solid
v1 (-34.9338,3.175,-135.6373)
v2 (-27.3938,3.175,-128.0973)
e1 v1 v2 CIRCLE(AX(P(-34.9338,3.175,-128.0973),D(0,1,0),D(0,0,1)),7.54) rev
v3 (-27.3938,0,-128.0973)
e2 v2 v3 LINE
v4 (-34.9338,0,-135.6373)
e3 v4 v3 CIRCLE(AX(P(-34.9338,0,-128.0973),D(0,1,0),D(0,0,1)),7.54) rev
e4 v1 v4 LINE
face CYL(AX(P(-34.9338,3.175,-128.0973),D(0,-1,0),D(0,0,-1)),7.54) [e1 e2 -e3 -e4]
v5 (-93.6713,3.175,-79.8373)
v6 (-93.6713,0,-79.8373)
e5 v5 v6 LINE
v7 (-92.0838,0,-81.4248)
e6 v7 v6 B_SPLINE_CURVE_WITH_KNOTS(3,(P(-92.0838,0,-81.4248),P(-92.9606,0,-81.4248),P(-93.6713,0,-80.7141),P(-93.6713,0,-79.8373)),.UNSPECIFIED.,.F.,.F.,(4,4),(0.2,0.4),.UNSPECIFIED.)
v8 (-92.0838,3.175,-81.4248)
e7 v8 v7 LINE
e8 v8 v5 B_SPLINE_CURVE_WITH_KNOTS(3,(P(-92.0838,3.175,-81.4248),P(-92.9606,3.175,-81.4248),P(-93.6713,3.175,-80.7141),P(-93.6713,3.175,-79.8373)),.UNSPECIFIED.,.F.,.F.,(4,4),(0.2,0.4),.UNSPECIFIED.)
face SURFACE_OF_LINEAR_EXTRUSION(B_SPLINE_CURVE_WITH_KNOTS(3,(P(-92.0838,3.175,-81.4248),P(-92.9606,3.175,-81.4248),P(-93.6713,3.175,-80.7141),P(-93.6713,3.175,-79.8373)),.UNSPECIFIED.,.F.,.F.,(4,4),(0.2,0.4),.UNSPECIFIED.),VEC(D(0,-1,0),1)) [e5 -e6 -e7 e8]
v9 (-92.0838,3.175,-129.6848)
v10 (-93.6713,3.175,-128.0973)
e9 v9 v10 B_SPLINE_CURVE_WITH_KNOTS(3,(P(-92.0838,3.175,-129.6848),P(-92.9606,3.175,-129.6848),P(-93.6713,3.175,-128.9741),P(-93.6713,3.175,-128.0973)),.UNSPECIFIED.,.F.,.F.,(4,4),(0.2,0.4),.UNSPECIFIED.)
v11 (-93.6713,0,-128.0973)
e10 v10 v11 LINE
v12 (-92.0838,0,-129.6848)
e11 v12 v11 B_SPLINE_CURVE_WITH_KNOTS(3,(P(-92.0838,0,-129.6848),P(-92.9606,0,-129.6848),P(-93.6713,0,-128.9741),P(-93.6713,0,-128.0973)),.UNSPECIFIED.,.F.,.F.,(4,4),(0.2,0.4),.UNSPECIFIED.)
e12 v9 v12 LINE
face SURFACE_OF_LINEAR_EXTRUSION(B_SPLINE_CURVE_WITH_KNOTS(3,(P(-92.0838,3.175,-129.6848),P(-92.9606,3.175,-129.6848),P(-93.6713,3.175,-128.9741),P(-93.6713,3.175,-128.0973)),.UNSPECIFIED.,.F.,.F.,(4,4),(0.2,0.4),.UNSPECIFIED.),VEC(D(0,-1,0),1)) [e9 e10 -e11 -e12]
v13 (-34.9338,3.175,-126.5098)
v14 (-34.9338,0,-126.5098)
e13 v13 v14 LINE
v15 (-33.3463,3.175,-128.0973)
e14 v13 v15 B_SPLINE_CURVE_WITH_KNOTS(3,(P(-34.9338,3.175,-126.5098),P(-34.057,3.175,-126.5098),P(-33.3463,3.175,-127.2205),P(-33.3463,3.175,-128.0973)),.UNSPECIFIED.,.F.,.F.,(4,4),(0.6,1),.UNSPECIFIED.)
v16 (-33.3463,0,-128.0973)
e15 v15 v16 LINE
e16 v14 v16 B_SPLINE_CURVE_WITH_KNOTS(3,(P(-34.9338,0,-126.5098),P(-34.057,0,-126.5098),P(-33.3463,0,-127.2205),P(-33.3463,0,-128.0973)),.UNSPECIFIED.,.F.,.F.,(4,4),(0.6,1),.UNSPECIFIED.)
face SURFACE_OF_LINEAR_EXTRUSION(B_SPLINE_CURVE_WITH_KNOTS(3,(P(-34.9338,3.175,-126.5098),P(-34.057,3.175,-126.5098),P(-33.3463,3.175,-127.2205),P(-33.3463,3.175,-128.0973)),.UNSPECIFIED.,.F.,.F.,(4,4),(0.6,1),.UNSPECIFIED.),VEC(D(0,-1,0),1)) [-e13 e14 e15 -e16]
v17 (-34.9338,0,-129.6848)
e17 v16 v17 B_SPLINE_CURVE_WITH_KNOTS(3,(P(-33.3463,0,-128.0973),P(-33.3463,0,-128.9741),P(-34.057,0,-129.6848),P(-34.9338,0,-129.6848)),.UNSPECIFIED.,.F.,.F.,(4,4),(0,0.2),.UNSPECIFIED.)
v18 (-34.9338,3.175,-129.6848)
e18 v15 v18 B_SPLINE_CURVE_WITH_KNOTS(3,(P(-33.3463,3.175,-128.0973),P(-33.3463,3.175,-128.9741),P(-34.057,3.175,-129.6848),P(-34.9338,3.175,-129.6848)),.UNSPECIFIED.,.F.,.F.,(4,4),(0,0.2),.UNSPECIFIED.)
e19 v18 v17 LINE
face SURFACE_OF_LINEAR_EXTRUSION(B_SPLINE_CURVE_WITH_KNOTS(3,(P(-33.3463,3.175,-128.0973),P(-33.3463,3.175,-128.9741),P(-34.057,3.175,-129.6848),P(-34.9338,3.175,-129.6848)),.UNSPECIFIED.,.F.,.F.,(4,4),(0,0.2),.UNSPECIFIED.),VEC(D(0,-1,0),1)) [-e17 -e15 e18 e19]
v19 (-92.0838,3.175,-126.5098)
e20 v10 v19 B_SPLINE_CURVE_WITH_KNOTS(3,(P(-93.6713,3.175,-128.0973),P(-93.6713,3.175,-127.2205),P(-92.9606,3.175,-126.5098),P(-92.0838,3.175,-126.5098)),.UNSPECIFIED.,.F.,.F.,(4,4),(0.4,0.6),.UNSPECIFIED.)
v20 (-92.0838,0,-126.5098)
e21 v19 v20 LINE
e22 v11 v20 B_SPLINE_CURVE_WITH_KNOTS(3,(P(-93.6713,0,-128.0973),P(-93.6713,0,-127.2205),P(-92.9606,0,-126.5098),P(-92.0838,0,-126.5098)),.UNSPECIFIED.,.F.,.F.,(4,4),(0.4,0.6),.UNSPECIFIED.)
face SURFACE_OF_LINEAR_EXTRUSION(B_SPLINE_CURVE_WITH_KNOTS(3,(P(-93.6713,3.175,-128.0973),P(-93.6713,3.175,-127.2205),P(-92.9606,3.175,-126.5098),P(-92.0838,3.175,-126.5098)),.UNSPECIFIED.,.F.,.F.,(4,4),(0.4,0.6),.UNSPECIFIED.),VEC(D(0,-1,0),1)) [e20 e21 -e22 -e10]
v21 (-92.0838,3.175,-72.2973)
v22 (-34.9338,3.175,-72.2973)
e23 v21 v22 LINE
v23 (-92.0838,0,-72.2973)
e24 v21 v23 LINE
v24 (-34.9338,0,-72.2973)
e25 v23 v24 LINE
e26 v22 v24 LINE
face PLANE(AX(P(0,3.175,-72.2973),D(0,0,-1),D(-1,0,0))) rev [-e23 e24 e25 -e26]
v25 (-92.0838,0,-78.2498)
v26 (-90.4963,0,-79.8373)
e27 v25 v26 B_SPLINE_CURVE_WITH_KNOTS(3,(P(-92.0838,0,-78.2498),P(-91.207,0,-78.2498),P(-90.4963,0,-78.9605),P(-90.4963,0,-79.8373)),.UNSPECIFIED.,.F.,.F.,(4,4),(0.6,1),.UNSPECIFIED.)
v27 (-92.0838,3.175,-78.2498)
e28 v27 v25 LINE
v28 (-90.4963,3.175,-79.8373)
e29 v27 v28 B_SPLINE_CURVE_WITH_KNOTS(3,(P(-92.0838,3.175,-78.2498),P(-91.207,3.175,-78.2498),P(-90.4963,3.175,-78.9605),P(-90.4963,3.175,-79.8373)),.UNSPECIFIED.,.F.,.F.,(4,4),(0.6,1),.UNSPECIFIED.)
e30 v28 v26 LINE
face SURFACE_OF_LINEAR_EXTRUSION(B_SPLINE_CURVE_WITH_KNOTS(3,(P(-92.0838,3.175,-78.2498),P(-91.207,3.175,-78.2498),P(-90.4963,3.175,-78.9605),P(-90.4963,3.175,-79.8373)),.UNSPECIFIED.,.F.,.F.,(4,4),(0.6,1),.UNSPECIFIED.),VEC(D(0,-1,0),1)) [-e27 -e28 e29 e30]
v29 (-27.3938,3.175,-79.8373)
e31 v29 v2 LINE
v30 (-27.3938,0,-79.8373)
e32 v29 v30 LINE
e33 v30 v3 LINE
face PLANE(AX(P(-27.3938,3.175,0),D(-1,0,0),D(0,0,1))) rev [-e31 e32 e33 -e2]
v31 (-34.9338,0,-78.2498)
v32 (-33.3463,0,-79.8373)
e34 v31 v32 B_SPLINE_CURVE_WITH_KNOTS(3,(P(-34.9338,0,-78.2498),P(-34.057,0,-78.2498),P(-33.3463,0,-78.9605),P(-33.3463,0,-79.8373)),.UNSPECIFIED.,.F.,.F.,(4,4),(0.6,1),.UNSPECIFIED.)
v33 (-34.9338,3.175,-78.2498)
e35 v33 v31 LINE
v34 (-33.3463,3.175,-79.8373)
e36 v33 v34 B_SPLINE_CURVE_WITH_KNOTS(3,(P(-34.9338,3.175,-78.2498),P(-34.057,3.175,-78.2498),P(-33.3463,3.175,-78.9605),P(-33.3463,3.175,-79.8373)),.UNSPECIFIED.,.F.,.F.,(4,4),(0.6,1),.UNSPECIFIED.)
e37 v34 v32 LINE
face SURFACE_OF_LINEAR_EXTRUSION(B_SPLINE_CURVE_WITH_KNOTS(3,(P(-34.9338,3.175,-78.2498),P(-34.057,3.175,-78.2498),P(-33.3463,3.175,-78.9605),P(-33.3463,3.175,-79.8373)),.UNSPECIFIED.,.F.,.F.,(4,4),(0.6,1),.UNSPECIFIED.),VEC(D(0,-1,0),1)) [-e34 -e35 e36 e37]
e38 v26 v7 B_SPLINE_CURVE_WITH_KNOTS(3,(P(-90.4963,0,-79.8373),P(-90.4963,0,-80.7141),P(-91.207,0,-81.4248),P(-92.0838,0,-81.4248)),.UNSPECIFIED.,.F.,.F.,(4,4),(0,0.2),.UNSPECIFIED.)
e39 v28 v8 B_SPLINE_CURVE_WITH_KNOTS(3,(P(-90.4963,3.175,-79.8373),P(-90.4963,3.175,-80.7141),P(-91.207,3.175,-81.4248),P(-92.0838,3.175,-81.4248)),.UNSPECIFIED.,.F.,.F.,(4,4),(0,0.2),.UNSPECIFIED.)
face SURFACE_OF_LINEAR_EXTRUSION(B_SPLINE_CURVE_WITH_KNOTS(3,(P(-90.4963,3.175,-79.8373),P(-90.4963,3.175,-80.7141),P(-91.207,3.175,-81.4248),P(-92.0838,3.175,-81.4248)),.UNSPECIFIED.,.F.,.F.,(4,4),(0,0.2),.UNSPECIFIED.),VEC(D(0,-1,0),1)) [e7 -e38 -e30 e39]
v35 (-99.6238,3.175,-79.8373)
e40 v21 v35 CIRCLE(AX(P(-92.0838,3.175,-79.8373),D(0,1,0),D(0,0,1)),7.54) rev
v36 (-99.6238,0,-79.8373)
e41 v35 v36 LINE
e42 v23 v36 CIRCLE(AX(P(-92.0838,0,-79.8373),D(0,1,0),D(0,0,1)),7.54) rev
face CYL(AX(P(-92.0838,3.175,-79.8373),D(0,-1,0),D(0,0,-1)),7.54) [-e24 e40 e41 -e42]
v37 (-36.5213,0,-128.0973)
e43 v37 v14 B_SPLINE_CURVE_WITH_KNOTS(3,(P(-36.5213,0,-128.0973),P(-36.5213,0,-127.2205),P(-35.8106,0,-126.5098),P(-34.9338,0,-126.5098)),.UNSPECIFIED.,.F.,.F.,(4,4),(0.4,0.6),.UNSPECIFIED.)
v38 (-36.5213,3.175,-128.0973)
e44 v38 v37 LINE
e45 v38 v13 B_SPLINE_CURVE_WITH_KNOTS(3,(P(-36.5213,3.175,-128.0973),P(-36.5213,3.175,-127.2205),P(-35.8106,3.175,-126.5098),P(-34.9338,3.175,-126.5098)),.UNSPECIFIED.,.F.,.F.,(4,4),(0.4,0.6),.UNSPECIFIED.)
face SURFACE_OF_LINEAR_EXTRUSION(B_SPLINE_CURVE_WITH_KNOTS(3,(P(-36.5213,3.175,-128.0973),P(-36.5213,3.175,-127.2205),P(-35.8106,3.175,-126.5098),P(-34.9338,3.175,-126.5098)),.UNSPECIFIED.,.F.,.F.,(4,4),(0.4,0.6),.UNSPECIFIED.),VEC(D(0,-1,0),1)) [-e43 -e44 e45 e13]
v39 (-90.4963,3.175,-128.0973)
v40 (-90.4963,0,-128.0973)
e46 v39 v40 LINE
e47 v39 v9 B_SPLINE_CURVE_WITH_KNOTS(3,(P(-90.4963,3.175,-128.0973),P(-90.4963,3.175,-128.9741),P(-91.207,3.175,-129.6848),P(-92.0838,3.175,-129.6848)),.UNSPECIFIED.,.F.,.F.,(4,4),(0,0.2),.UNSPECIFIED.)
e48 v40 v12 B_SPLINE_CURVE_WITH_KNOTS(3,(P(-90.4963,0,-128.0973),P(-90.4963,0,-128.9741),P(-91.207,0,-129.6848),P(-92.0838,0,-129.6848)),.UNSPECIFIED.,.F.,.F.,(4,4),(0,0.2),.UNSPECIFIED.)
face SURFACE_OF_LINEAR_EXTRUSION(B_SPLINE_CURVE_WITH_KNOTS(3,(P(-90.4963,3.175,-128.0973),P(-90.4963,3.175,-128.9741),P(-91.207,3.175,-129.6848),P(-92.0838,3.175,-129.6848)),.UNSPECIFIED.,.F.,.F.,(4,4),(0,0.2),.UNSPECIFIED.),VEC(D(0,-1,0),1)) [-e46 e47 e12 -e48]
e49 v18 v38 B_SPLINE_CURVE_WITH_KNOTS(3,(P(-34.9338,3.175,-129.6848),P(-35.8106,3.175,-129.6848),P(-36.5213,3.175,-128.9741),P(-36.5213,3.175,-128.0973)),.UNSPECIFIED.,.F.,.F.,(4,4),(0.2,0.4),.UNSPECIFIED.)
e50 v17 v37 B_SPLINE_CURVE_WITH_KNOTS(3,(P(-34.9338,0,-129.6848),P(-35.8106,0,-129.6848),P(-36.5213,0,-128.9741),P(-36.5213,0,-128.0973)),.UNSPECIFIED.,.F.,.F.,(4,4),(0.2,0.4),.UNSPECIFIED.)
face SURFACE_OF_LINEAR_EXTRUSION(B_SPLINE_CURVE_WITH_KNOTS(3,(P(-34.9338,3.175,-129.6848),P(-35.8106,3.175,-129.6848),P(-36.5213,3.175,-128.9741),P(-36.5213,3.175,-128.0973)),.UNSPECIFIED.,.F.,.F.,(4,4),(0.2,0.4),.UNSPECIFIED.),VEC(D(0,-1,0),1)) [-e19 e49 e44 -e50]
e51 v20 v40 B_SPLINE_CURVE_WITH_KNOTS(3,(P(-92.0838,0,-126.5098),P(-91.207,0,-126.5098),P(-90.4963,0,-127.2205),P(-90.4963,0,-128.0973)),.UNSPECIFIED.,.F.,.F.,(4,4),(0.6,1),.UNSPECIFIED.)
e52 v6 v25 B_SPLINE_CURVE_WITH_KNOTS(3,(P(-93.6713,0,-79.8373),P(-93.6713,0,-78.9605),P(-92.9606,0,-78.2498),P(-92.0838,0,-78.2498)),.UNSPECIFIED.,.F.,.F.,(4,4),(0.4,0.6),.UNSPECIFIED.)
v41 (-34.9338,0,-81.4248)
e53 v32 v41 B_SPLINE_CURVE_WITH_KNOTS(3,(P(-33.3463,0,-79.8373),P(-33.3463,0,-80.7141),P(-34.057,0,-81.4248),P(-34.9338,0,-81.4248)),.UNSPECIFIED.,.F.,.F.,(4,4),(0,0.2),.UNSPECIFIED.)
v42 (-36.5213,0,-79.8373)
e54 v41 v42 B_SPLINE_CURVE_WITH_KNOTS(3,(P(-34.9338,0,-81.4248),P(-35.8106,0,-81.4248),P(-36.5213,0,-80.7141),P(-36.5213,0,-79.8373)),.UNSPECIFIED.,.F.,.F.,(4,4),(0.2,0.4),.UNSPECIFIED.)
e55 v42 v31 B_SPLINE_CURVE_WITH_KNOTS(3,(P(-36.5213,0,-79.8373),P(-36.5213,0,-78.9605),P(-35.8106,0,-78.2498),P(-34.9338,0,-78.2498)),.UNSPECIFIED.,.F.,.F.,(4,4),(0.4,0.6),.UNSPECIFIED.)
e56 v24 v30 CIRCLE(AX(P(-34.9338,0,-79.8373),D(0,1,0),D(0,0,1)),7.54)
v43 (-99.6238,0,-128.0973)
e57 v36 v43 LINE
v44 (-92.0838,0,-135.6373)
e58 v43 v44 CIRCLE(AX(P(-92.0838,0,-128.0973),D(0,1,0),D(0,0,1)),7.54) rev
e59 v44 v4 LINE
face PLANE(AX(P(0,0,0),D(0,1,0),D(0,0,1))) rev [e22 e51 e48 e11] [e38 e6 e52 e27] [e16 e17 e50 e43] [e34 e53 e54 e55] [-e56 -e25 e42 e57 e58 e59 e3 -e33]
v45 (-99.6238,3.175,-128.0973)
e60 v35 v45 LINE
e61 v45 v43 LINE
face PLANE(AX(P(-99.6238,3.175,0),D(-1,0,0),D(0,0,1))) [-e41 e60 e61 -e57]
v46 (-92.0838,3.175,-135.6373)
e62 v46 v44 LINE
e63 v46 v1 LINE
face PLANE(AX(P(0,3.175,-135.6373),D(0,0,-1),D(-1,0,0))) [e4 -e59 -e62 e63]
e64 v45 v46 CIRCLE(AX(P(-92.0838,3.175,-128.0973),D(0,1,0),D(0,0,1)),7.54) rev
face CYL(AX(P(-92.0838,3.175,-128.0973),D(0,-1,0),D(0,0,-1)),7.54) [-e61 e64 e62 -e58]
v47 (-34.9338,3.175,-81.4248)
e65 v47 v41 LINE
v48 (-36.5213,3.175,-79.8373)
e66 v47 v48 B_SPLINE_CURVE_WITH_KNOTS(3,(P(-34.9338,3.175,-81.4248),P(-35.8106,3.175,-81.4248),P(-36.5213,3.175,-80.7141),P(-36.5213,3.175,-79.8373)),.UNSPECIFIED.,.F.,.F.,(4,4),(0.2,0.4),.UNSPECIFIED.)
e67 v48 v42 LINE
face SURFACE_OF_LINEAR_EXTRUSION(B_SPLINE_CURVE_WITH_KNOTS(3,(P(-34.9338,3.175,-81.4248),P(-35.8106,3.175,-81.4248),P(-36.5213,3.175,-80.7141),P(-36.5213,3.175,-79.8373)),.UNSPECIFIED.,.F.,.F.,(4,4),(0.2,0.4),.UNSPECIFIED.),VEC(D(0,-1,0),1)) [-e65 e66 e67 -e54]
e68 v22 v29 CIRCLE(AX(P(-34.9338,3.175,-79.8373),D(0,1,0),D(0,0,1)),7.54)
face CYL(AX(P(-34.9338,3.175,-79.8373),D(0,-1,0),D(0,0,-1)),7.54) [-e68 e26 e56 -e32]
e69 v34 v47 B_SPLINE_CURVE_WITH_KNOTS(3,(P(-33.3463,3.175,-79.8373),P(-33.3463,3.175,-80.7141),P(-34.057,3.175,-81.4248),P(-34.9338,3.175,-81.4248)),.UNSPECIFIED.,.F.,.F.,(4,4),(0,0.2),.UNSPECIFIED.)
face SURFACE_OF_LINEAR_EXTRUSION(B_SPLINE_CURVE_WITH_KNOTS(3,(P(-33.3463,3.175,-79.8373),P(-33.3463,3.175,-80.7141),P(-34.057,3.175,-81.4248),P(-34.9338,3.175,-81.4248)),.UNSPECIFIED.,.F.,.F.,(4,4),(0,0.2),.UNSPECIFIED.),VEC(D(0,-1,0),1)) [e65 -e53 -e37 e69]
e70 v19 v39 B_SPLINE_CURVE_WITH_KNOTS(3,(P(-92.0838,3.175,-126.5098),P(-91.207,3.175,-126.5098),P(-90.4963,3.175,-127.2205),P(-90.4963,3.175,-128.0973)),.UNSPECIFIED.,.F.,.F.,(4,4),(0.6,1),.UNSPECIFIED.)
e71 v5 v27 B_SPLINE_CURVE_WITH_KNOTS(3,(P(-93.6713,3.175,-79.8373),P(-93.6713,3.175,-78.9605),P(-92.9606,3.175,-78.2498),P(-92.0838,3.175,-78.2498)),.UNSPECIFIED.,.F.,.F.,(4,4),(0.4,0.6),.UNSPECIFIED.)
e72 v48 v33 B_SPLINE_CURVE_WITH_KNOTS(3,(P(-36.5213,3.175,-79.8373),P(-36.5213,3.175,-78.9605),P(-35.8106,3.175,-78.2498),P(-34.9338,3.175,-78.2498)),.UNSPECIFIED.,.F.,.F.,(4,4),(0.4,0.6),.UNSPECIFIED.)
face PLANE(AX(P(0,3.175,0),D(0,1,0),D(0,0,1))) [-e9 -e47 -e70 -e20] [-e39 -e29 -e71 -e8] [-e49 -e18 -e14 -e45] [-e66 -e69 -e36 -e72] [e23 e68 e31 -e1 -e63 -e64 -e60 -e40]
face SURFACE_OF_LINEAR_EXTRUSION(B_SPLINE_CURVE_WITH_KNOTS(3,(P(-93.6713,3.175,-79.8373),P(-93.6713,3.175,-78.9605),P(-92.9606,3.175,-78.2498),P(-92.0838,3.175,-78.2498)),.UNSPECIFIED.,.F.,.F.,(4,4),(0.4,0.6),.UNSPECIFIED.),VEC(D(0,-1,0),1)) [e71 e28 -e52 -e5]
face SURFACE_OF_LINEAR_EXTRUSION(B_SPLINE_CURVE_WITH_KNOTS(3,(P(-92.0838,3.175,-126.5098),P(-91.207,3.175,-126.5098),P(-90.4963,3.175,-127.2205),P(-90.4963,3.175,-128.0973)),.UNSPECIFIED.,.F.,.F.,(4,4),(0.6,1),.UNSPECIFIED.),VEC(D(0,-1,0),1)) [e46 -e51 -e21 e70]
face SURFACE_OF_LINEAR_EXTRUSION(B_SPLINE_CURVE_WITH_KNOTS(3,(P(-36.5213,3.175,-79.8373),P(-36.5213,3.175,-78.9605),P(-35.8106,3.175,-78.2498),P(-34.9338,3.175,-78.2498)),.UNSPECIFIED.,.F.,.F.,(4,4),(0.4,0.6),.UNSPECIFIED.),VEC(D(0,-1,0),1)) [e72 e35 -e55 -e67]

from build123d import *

# Parameters (mm, degrees)
BOSS_EXTRUDE1_DEPTH = 3.175


with BuildPart() as part:
    # Sketch1 → Boss-Extrude1 (new body)
    with BuildSketch(Plane(origin=(0, 0, 0), x_dir=(1, 0, 0), z_dir=(0, 1, 0))):
        with BuildLine():
            Line((-92.0838, 72.2973), (-34.9338, 72.2973))
            ThreePointArc((-34.9338, 72.2973), (-29.60221487, 74.50571487), (-27.3938, 79.8373))
            Line((-27.3938, 79.8373), (-27.3938, 128.0973))
            ThreePointArc((-27.3938, 128.0973), (-29.60221487, 133.42888513), (-34.9338, 135.6373))
            Line((-34.9338, 135.6373), (-92.0838, 135.6373))
            ThreePointArc((-92.0838, 135.6373), (-97.41538513, 133.42888513), (-99.6238, 128.0973))
            Line((-99.6238, 128.0973), (-99.6238, 79.8373))
            ThreePointArc((-99.6238, 79.8373), (-97.41538513, 74.50571487), (-92.0838, 72.2973))
        make_face()
        with BuildLine():
            add(Edge.make_bspline(
                [(-33.3463, 79.8373), (-33.3463, 80.7141), (-34.057, 81.4248), (-34.9338, 81.4248)],
                knots=[0, 0, 0, 0, 0.2, 0.2, 0.2, 0.2], degree=3))
            add(Edge.make_bspline(
                [(-34.9338, 81.4248), (-35.8106, 81.4248), (-36.5213, 80.7141), (-36.5213, 79.8373)],
                knots=[0.2, 0.2, 0.2, 0.2, 0.4, 0.4, 0.4, 0.4], degree=3))
            add(Edge.make_bspline(
                [(-36.5213, 79.8373), (-36.5213, 78.9605), (-35.8106, 78.2498), (-34.9338, 78.2498)],
                knots=[0.4, 0.4, 0.4, 0.4, 0.6, 0.6, 0.6, 0.6], degree=3))
            add(Edge.make_bspline(
                [(-34.9338, 78.2498), (-34.057, 78.2498), (-33.3463, 78.9605), (-33.3463, 79.8373)],
                knots=[0.6, 0.6, 0.6, 0.6, 1, 1, 1, 1], degree=3))
        make_face(mode=Mode.SUBTRACT)
        with BuildLine():
            add(Edge.make_bspline(
                [(-33.3463, 128.0973), (-33.3463, 128.9741), (-34.057, 129.6848), (-34.9338, 129.6848)],
                knots=[0, 0, 0, 0, 0.2, 0.2, 0.2, 0.2], degree=3))
            add(Edge.make_bspline(
                [(-34.9338, 129.6848), (-35.8106, 129.6848), (-36.5213, 128.9741), (-36.5213, 128.0973)],
                knots=[0.2, 0.2, 0.2, 0.2, 0.4, 0.4, 0.4, 0.4], degree=3))
            add(Edge.make_bspline(
                [(-36.5213, 128.0973), (-36.5213, 127.2205), (-35.8106, 126.5098), (-34.9338, 126.5098)],
                knots=[0.4, 0.4, 0.4, 0.4, 0.6, 0.6, 0.6, 0.6], degree=3))
            add(Edge.make_bspline(
                [(-34.9338, 126.5098), (-34.057, 126.5098), (-33.3463, 127.2205), (-33.3463, 128.0973)],
                knots=[0.6, 0.6, 0.6, 0.6, 1, 1, 1, 1], degree=3))
        make_face(mode=Mode.SUBTRACT)
        with BuildLine():
            add(Edge.make_bspline(
                [(-90.4963, 128.0973), (-90.4963, 128.9741), (-91.207, 129.6848), (-92.0838, 129.6848)],
                knots=[0, 0, 0, 0, 0.2, 0.2, 0.2, 0.2], degree=3))
            add(Edge.make_bspline(
                [(-92.0838, 129.6848), (-92.9606, 129.6848), (-93.6713, 128.9741), (-93.6713, 128.0973)],
                knots=[0.2, 0.2, 0.2, 0.2, 0.4, 0.4, 0.4, 0.4], degree=3))
            add(Edge.make_bspline(
                [(-93.6713, 128.0973), (-93.6713, 127.2205), (-92.9606, 126.5098), (-92.0838, 126.5098)],
                knots=[0.4, 0.4, 0.4, 0.4, 0.6, 0.6, 0.6, 0.6], degree=3))
            add(Edge.make_bspline(
                [(-92.0838, 126.5098), (-91.207, 126.5098), (-90.4963, 127.2205), (-90.4963, 128.0973)],
                knots=[0.6, 0.6, 0.6, 0.6, 1, 1, 1, 1], degree=3))
        make_face(mode=Mode.SUBTRACT)
        with BuildLine():
            add(Edge.make_bspline(
                [(-90.4963, 79.8373), (-90.4963, 80.7141), (-91.207, 81.4248), (-92.0838, 81.4248)],
                knots=[0, 0, 0, 0, 0.2, 0.2, 0.2, 0.2], degree=3))
            add(Edge.make_bspline(
                [(-92.0838, 81.4248), (-92.9606, 81.4248), (-93.6713, 80.7141), (-93.6713, 79.8373)],
                knots=[0.2, 0.2, 0.2, 0.2, 0.4, 0.4, 0.4, 0.4], degree=3))
            add(Edge.make_bspline(
                [(-93.6713, 79.8373), (-93.6713, 78.9605), (-92.9606, 78.2498), (-92.0838, 78.2498)],
                knots=[0.4, 0.4, 0.4, 0.4, 0.6, 0.6, 0.6, 0.6], degree=3))
            add(Edge.make_bspline(
                [(-92.0838, 78.2498), (-91.207, 78.2498), (-90.4963, 78.9605), (-90.4963, 79.8373)],
                knots=[0.6, 0.6, 0.6, 0.6, 1, 1, 1, 1], degree=3))
        make_face(mode=Mode.SUBTRACT)
    extrude(amount=BOSS_EXTRUDE1_DEPTH)


solid = part.part
